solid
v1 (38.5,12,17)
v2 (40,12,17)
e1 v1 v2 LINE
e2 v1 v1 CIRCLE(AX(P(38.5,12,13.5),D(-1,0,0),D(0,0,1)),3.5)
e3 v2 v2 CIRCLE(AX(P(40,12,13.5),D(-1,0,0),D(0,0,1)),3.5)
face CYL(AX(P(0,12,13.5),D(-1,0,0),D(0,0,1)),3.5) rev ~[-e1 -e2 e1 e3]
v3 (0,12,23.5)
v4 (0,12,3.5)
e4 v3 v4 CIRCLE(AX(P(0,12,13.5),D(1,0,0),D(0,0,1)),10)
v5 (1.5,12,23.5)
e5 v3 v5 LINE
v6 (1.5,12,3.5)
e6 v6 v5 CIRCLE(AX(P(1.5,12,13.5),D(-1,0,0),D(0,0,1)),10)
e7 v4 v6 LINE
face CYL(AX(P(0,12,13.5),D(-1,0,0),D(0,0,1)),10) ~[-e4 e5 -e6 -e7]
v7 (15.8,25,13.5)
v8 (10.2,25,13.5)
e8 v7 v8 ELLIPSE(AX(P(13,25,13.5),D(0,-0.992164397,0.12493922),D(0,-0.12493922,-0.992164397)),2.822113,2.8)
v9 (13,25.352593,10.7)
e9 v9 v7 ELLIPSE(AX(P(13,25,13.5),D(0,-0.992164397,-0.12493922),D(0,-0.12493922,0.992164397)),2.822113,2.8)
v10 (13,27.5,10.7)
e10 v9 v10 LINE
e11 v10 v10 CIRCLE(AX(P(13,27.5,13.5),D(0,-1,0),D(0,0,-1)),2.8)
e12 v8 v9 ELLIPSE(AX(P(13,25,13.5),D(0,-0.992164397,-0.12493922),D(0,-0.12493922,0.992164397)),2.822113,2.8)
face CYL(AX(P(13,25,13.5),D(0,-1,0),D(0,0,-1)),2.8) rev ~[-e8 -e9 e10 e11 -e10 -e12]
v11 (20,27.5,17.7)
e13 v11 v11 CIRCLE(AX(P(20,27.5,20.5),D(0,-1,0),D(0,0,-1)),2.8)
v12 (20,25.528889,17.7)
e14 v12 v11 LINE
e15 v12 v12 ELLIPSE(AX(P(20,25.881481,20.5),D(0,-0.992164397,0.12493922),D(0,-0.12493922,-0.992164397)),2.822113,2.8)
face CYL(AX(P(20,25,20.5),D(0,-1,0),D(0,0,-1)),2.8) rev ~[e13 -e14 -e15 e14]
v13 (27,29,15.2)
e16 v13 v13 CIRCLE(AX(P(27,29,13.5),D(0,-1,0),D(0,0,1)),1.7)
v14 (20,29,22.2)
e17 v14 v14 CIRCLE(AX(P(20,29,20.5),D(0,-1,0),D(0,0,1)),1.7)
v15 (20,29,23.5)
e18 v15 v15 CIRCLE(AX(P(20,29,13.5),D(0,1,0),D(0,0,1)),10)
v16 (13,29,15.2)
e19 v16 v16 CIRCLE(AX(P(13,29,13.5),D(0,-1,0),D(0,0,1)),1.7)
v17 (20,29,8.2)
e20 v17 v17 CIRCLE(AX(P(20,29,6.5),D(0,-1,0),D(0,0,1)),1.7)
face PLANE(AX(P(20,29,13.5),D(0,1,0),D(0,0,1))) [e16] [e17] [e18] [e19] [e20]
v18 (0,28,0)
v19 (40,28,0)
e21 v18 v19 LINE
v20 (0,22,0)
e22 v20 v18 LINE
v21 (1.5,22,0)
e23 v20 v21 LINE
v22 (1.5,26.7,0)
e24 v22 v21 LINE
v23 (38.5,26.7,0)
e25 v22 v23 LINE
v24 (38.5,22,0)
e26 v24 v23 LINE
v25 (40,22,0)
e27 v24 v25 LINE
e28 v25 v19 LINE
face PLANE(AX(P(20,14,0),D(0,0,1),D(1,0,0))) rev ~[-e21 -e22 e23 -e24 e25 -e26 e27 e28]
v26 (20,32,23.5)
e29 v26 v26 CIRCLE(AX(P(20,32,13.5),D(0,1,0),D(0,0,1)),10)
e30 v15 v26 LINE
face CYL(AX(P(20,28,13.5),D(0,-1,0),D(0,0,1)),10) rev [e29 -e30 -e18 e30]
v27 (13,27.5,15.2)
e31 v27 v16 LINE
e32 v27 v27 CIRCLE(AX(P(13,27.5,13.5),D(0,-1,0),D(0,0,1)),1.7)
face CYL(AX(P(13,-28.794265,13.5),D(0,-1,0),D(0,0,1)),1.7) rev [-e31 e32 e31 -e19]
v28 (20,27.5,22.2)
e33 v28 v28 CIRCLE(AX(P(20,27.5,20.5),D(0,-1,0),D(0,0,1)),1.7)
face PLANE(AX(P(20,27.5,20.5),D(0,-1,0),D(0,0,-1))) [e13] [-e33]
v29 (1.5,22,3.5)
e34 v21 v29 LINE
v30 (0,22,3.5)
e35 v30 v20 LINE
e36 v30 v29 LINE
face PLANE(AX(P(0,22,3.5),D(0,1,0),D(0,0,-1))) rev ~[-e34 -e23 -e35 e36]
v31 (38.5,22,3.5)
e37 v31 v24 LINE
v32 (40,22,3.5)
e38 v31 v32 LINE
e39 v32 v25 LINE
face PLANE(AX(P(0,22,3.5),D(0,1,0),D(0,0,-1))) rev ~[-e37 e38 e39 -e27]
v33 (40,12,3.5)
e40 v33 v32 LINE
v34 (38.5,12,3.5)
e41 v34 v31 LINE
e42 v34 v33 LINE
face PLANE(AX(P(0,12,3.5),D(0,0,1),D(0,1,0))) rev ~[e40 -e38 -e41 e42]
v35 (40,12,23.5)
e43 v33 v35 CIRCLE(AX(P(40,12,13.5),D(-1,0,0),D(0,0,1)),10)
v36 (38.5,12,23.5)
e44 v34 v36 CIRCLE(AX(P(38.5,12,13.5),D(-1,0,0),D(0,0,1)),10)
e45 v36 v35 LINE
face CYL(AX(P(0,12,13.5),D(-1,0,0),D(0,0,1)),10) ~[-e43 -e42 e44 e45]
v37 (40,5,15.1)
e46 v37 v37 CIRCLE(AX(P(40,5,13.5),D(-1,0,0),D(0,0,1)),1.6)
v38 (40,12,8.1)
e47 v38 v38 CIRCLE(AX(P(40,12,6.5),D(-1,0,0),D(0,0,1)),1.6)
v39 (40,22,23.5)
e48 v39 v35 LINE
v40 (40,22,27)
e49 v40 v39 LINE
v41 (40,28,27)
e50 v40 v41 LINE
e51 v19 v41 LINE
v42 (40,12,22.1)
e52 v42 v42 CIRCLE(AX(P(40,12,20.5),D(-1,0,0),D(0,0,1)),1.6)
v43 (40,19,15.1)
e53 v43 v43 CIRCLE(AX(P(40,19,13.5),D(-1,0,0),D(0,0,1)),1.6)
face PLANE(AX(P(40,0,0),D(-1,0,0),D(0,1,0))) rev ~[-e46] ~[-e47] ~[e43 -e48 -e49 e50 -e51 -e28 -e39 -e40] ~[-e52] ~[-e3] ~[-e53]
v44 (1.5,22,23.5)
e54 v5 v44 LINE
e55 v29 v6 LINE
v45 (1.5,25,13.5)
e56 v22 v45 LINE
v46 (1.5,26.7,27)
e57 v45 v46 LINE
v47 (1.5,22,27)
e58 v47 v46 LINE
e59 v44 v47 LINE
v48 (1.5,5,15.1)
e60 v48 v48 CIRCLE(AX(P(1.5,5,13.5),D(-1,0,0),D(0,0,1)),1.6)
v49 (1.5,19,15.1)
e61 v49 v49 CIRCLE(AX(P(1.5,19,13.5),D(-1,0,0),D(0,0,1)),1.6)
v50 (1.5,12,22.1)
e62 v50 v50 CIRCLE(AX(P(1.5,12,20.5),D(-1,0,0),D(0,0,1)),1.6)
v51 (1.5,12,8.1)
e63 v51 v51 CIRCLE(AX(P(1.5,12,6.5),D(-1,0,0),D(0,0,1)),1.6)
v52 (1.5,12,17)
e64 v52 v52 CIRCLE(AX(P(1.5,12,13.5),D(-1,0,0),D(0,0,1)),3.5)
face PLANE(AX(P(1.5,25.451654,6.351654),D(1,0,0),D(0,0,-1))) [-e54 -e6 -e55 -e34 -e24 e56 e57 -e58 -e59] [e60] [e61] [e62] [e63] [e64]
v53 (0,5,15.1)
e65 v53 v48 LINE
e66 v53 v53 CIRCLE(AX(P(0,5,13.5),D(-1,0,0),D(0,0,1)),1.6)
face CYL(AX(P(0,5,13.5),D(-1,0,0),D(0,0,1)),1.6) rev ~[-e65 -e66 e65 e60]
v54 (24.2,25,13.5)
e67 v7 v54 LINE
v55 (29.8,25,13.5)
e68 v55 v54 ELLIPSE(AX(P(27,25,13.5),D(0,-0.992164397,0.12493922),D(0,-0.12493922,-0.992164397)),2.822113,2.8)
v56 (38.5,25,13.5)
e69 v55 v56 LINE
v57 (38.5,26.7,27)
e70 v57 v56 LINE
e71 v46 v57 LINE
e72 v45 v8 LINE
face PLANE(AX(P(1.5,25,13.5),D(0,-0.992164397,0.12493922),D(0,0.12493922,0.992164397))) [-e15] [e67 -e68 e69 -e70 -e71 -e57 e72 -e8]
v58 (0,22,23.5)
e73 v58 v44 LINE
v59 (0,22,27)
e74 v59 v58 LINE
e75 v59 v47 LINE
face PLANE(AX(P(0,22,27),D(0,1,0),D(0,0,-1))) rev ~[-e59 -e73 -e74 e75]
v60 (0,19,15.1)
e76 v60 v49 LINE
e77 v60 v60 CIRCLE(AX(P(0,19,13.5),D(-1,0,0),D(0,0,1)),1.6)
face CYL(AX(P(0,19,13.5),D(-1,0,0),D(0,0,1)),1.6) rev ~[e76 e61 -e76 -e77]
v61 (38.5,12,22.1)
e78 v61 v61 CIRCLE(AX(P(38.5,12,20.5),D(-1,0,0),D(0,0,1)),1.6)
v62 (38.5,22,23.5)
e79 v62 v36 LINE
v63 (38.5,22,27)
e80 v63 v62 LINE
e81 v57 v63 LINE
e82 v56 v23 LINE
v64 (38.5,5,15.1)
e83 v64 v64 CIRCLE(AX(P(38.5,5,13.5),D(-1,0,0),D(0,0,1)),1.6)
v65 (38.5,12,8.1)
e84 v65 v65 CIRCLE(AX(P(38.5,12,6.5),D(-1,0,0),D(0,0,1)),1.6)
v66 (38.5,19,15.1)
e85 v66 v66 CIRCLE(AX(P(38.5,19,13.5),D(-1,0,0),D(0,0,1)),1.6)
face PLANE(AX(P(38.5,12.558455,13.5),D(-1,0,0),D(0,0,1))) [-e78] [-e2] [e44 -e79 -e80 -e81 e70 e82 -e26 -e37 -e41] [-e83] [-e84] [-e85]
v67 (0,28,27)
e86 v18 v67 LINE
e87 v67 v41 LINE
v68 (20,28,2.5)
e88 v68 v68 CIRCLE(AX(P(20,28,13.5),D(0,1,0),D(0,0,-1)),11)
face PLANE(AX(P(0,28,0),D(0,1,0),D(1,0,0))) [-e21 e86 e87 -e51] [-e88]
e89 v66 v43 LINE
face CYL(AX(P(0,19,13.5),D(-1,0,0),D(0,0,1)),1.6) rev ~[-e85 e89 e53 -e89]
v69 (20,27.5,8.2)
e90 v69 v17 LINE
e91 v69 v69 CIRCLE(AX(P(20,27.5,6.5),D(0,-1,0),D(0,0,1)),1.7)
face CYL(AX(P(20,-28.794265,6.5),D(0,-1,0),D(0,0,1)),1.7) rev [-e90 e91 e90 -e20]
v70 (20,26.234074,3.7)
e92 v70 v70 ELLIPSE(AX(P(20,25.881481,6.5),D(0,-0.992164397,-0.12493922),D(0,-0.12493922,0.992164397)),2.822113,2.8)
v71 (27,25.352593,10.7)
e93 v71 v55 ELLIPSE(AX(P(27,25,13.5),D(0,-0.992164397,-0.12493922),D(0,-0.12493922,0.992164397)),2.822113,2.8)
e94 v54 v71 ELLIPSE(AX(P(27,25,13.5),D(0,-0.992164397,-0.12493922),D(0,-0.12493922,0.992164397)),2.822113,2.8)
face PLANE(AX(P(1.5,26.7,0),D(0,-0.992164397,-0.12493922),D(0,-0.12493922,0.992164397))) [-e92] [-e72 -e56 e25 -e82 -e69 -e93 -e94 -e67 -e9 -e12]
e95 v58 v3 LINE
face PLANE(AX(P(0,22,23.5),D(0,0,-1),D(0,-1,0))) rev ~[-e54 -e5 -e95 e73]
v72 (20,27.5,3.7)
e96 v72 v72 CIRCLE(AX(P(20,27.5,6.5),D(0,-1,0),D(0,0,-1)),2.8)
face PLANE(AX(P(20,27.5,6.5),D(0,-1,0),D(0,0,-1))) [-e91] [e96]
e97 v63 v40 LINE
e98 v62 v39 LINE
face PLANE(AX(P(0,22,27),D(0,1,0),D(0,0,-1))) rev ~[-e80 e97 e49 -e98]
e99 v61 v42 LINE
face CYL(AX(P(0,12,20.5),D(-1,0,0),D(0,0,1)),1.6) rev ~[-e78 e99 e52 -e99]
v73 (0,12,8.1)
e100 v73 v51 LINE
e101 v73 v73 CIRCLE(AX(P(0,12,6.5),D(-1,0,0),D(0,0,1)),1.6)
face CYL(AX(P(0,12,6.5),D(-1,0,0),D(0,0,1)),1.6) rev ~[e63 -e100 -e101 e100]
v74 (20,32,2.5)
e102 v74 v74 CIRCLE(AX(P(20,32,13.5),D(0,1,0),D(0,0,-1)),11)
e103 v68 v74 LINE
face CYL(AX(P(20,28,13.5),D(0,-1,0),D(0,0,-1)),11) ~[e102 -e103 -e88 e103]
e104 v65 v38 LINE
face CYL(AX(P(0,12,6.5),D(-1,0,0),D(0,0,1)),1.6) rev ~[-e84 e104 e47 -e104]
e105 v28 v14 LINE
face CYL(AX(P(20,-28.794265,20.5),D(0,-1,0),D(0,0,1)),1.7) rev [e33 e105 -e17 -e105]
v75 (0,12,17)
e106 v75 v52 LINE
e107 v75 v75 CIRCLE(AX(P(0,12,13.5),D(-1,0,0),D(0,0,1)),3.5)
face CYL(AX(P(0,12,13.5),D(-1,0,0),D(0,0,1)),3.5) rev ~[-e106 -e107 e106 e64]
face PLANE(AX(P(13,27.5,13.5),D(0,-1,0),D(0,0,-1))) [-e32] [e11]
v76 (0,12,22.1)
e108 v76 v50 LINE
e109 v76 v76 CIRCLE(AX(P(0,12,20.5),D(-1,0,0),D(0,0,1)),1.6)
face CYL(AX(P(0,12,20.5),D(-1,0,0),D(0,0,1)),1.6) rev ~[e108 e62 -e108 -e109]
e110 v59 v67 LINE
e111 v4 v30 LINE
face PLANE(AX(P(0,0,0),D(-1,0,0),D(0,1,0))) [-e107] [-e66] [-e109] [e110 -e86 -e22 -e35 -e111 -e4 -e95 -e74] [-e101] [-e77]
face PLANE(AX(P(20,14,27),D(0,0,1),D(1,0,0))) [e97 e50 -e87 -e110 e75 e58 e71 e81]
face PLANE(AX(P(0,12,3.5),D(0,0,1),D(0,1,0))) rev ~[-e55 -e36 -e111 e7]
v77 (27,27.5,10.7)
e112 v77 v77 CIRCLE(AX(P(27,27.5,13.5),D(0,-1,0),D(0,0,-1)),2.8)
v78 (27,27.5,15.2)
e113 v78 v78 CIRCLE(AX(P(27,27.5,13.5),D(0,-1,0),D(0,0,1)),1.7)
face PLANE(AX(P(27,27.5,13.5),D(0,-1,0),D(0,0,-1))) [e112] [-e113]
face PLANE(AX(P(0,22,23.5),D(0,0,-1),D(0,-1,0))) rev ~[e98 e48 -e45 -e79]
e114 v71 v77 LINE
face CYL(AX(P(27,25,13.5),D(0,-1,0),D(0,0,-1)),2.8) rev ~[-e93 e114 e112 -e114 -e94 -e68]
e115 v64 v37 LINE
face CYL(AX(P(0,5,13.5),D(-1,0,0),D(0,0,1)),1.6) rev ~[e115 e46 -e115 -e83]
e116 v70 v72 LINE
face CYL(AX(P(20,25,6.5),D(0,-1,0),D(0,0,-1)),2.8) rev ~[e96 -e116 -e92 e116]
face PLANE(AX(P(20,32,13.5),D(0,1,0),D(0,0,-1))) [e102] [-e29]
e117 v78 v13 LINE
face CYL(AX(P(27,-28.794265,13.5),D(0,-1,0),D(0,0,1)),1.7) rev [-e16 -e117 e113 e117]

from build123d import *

# Parameters (mm, degrees)
SKETCH_1_W               = 40
SKETCH_1_H               = 28
EXTRUDE_1_DEPTH          = 27
SKETCH_2_W               = 37
SKETCH_2_H               = 27
CUT_EXTRUDE_1_DEPTH      = 25
SKETCH_3_R               = 1.6
SKETCH_3_R_2             = 3.5
CUT_EXTRUDE_2_DEPTH      = 56.794264938
SKETCH_4_R               = 11
SKETCH_4_R_2             = 10
EXTRUDE_2_DEPTH          = 4
SKETCH_11_R              = 10
EXTRUDE_3_DEPTH          = 1
CUT_EXTRUDE_3_DEPTH      = 56.794264938
CUT_EXTRUDE_3_DEPTH_BACK = 56.794264938
SKETCH_6_R               = 1.7
SKETCH_7_R               = 2.8
CUT_EXTRUDE_4_DEPTH      = 2.5
CUT_EXTRUDE_6_REACH      = 58.879
CUT_EXTRUDE_5_DEPTH      = 58.905094767


with BuildPart() as part:
    # 草图1 → 凸台-拉伸1 (new body)
    with BuildSketch(Plane.XY):
        with Locations((20, 14)):
            Rectangle(SKETCH_1_W, SKETCH_1_H)
    extrude(amount=EXTRUDE_1_DEPTH)

    # 草图2 → 切除-拉伸1 (cut)
    with BuildSketch(Plane.XZ):
        with Locations((20, 13.5)):
            Rectangle(SKETCH_2_W, SKETCH_2_H)
    extrude(amount=-CUT_EXTRUDE_1_DEPTH, mode=Mode.SUBTRACT)

    # 草图3 → 切除-拉伸2 (cut, through all)
    with BuildSketch(Plane.ZY):
        with Locations((13.5, 5)):
            Circle(SKETCH_3_R)
        with Locations((13.5, 12)):
            Circle(SKETCH_3_R_2)
        with Locations((6.5, 12)):
            Circle(SKETCH_3_R)
        with Locations((20.5, 12)):
            Circle(SKETCH_3_R)
        with Locations((13.5, 19)):
            Circle(SKETCH_3_R)
    extrude(amount=-CUT_EXTRUDE_2_DEPTH, mode=Mode.SUBTRACT)

    # 草图4 → 凸台-拉伸2 (add)
    with BuildSketch(Plane(origin=(0, 28, 0), x_dir=(1, 0, 0), z_dir=(0, 1, 0))):
        with Locations(Location((20, -13.5, 0), (0, 0, 90))):
            Circle(SKETCH_4_R)
        with Locations(Location((20, -13.5, 0), (0, 0, 270))):
            Circle(SKETCH_4_R_2, mode=Mode.SUBTRACT)
    extrude(amount=EXTRUDE_2_DEPTH)

    # 草图11 → 凸台-拉伸3 (add)
    with BuildSketch(Plane(origin=(0, 28, 0), x_dir=(1, 0, 0), z_dir=(0, 1, 0))):
        with Locations(Location((20, -13.5, 0), (0, 0, 270))):
            Circle(SKETCH_11_R)
    extrude(amount=EXTRUDE_3_DEPTH)

    # 草图6 → 切除-拉伸3 (cut, two sides: drawn at the far end of the back side and taken through both)
    with BuildSketch(Plane(origin=(0, 28, 0), x_dir=(1, 0, 0), z_dir=(0, 1, 0)).offset(-CUT_EXTRUDE_3_DEPTH_BACK)):
        with Locations(Location((20, -6.5, 0), (0, 0, 270))):
            Circle(SKETCH_6_R)
        with Locations(Location((27, -13.5, 0), (0, 0, 270))):
            Circle(SKETCH_6_R)
        with Locations(Location((20, -20.5, 0), (0, 0, 270))):
            Circle(SKETCH_6_R)
        with Locations(Location((13, -13.5, 0), (0, 0, 270))):
            Circle(SKETCH_6_R)
    extrude(amount=CUT_EXTRUDE_3_DEPTH + CUT_EXTRUDE_3_DEPTH_BACK, mode=Mode.SUBTRACT)

    # 草图7 → 切除-拉伸4 (cut)
    with BuildSketch(Plane.XZ.offset(-25)):
        with Locations(Location((20, 20.5, 0), (0, 0, 270))):
            Circle(SKETCH_7_R)
        with Locations(Location((27, 13.5, 0), (0, 0, 270))):
            Circle(SKETCH_7_R)
        with Locations(Location((20, 6.5, 0), (0, 0, 270))):
            Circle(SKETCH_7_R)
        with Locations(Location((13, 13.5, 0), (0, 0, 270))):
            Circle(SKETCH_7_R)
    extrude(amount=-CUT_EXTRUDE_4_DEPTH, mode=Mode.SUBTRACT)

    # 切除-拉伸6: up to this face of the body (flat: up to its plane)
    cut_extrude_6_end = Plane(part.part.faces().sort_by_distance((38.5, 12.5, 0.36796739))[0])
    # 草图10 → 切除-拉伸6 (cut, up to the picked face)
    with BuildSketch(Plane(origin=(1.5, 0, 0), x_dir=(0, 0, -1), z_dir=(1, 0, 0)), mode=Mode.PRIVATE) as cut_extrude_6_sk1:
        Polygon((-13.5, 25), (0, 25), (0, 26.7), align=None)
    cut_extrude_6_tool1 = split(extrude(cut_extrude_6_sk1.sketch, amount=CUT_EXTRUDE_6_REACH, mode=Mode.PRIVATE), bisect_by=cut_extrude_6_end, keep=Keep.BOTH, mode=Mode.PRIVATE)
    # 草图10 → 切除-拉伸6 (cut, up to the picked face)
    with BuildSketch(Plane(origin=(1.5, 0, 0), x_dir=(0, 0, -1), z_dir=(1, 0, 0)), mode=Mode.PRIVATE) as cut_extrude_6_sk2:
        Polygon((-27, 25), (-13.5, 25), (-27, 26.7), align=None)
    cut_extrude_6_tool2 = split(extrude(cut_extrude_6_sk2.sketch, amount=CUT_EXTRUDE_6_REACH, mode=Mode.PRIVATE), bisect_by=cut_extrude_6_end, keep=Keep.BOTH, mode=Mode.PRIVATE)
    add(cut_extrude_6_tool1.solids().sort_by(Axis((1.5, 25.566667, 4.5), (1, 0, 0)))[0], mode=Mode.SUBTRACT)
    add(cut_extrude_6_tool2.solids().sort_by(Axis((1.5, 25.566667, 22.5), (1, 0, 0)))[0], mode=Mode.SUBTRACT)

    # 草图9 → 切除-拉伸5 (cut, through all)
    with BuildSketch(Plane.ZY):
        with BuildLine():
            Line((3.5, 22), (0, 22))
            Line((0, 22), (0, 0))
            Line((0, 0), (27, 0))
            Line((27, 0), (27, 22))
            Line((27, 22), (23.5, 22))
            Line((23.5, 22), (23.5, 12))
            ThreePointArc((23.5, 12), (13.5, 2), (3.5, 12))
            Line((3.5, 12), (3.5, 22))
        make_face()
    extrude(amount=-CUT_EXTRUDE_5_DEPTH, mode=Mode.SUBTRACT)


solid = part.part
